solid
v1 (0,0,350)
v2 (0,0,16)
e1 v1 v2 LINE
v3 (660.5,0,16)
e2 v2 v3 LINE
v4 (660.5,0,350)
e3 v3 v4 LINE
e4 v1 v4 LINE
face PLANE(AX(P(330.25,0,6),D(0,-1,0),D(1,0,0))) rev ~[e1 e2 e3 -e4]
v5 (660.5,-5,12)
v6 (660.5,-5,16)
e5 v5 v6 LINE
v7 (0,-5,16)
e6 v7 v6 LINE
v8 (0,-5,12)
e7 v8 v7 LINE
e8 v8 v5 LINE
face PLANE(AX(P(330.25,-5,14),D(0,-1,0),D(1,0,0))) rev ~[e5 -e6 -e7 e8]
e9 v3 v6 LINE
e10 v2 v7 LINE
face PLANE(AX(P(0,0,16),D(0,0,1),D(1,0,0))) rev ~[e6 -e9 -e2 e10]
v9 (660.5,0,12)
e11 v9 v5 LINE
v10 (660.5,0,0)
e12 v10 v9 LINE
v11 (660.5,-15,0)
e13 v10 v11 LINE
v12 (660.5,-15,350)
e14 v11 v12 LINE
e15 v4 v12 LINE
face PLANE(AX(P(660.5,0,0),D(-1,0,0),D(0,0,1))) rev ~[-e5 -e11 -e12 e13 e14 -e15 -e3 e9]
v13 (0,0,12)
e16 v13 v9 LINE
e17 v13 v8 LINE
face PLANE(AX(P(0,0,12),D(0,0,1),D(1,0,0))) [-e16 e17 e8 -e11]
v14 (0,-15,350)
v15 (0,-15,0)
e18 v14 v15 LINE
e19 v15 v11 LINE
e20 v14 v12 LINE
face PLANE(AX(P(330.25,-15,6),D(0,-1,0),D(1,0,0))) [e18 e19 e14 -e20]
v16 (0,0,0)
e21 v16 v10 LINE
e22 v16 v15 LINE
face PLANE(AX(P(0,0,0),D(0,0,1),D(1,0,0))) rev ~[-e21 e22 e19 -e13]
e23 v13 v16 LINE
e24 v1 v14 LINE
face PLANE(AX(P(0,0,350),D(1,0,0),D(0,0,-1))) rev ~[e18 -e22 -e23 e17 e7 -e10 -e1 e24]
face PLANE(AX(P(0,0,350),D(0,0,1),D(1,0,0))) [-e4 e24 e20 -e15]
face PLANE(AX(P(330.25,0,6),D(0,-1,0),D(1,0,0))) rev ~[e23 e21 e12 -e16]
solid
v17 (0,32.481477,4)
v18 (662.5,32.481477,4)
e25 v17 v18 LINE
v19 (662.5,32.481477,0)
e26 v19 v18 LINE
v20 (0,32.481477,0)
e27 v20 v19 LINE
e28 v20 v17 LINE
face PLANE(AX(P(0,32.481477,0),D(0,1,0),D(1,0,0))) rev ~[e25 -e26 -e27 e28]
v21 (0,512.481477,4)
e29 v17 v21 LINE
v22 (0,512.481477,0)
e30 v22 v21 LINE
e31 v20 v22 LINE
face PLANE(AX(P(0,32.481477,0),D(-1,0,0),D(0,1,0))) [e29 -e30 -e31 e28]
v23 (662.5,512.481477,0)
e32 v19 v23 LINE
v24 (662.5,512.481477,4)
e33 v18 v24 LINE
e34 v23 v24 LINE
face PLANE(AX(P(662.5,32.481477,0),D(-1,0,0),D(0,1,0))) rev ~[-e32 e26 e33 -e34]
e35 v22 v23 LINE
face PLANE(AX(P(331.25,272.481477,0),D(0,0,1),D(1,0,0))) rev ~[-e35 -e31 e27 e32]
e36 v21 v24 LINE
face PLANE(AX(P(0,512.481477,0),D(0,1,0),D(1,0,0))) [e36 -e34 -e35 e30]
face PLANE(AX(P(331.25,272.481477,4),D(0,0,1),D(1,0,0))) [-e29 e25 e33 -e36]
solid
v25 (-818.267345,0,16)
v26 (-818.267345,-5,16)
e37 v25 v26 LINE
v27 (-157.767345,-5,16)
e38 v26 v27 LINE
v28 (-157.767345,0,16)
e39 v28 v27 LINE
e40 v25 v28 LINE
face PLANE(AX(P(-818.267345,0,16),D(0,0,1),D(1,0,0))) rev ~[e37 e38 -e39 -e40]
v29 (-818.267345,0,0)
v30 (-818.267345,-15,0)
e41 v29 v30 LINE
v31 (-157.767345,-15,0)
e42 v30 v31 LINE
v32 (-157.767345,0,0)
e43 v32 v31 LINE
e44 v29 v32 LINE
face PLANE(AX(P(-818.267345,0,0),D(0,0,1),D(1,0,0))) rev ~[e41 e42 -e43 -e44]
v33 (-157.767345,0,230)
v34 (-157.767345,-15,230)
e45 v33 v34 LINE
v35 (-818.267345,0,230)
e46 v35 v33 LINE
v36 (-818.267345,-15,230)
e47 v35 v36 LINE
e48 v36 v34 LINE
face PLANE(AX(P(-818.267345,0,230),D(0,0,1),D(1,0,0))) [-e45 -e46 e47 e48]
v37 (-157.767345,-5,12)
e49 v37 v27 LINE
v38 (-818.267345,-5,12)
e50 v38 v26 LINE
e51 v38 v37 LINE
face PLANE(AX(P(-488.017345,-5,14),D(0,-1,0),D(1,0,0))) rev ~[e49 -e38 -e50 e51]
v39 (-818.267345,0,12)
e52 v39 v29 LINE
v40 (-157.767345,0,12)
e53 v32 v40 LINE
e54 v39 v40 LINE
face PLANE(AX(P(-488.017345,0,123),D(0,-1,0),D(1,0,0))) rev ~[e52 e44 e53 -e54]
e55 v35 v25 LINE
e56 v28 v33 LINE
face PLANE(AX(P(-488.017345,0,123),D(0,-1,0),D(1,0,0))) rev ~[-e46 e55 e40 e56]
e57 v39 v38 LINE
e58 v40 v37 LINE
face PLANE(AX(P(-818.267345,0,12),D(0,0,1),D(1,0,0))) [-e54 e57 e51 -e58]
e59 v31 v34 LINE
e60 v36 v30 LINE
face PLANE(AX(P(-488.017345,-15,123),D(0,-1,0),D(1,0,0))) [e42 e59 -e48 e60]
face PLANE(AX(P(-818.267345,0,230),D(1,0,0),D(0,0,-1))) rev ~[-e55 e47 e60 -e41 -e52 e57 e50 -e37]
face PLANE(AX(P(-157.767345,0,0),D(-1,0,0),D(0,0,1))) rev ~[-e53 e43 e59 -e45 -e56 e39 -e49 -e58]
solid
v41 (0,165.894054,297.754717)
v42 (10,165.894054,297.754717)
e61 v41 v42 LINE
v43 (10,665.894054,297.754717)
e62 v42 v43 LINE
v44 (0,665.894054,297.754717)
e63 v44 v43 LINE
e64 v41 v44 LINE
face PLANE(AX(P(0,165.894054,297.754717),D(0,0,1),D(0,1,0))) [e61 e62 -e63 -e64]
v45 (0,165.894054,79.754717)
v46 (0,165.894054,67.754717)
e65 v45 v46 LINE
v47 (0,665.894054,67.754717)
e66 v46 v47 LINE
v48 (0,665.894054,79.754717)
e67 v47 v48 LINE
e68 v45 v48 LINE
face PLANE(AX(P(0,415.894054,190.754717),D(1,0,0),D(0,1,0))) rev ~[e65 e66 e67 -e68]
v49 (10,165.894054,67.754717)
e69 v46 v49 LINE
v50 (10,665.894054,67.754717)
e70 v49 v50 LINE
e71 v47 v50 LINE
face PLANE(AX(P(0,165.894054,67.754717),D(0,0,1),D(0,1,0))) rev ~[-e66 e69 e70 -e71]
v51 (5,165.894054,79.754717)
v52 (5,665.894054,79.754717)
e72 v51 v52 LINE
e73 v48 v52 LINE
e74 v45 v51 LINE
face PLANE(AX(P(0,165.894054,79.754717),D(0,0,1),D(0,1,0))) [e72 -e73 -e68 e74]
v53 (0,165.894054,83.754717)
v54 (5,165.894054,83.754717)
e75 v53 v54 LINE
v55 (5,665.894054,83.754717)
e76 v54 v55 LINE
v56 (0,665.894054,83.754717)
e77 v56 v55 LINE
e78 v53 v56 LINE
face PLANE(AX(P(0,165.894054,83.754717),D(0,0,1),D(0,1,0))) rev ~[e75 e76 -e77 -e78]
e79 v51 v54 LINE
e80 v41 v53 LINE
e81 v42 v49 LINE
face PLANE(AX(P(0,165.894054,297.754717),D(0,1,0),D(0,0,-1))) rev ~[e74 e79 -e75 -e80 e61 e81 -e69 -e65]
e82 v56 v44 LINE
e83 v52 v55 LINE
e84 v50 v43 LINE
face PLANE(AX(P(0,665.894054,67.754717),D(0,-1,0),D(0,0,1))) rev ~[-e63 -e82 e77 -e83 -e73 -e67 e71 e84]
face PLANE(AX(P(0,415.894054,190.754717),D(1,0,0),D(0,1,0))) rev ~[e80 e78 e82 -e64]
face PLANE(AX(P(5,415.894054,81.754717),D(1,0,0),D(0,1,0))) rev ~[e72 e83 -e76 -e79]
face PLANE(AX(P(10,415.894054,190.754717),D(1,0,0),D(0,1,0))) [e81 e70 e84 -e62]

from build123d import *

# Parameters (mm, degrees)
F0_W      = 660.5
F0_H      = 12
F0_H_2    = 4
F0_H_3    = 334
F1_DEPTH  = 15
F2_W      = 662.5
F2_H      = 480
F3_DEPTH  = 4
F4_DEPTH  = 5
F5_W      = 660.5
F5_H      = 214
F5_H_2    = 4
F5_H_3    = 12
F6_DEPTH  = 15
F7_DEPTH  = 5
F8_W      = 500
F8_H      = 214
F8_H_2    = 4
F8_H_3    = 12
F9_DEPTH  = 10
F10_DEPTH = 5


with BuildPart() as f1:
    # F0 (on Front) → F1 (new body)
    with BuildSketch(Plane.XZ):
        with Locations((330.25, 6)):
            Rectangle(F0_W, F0_H)
        with Locations((330.25, 14)):
            Rectangle(F0_W, F0_H_2)
        with Locations((330.25, 183)):
            Rectangle(F0_W, F0_H_3)
    extrude(amount=F1_DEPTH)

    # F0 (on Front) → F4 (cut)
    with BuildSketch(Plane.XZ):
        with Locations((330.25, 14)):
            Rectangle(F0_W, F0_H_2)
    extrude(amount=F4_DEPTH, mode=Mode.SUBTRACT)


with BuildPart() as f3:
    # F2 (on Top) → F3 (new body)
    with BuildSketch(Plane.XY):
        with Locations((331.25, 272.481477)):
            Rectangle(F2_W, F2_H)
    extrude(amount=F3_DEPTH)


with BuildPart() as f6:
    # F5 (on Front) → F6 (new body)
    with BuildSketch(Plane.XZ):
        with Locations((-488.017345, 123)):
            Rectangle(F5_W, F5_H)
        with Locations((-488.017345, 14)):
            Rectangle(F5_W, F5_H_2)
        with Locations((-488.017345, 6)):
            Rectangle(F5_W, F5_H_3)
    extrude(amount=F6_DEPTH)

    # F5 (on Front) → F7 (cut)
    with BuildSketch(Plane.XZ):
        with Locations((-488.017345, 14)):
            Rectangle(F5_W, F5_H_2)
    extrude(amount=F7_DEPTH, mode=Mode.SUBTRACT)


with BuildPart() as f9:
    # F8 (on Right) → F9 (new body)
    with BuildSketch(Plane.YZ):
        with Locations((415.894054, 190.754717)):
            Rectangle(F8_W, F8_H)
        with Locations((415.894054, 81.754717)):
            Rectangle(F8_W, F8_H_2)
        with Locations((415.894054, 73.754717)):
            Rectangle(F8_W, F8_H_3)
    extrude(amount=F9_DEPTH)

    # F8 (on Right) → F10 (cut)
    with BuildSketch(Plane.YZ):
        with Locations((415.894054, 81.754717)):
            Rectangle(F8_W, F8_H_2)
    extrude(amount=F10_DEPTH, mode=Mode.SUBTRACT)


solid = Compound([f1.part, f3.part, f6.part, f9.part])
